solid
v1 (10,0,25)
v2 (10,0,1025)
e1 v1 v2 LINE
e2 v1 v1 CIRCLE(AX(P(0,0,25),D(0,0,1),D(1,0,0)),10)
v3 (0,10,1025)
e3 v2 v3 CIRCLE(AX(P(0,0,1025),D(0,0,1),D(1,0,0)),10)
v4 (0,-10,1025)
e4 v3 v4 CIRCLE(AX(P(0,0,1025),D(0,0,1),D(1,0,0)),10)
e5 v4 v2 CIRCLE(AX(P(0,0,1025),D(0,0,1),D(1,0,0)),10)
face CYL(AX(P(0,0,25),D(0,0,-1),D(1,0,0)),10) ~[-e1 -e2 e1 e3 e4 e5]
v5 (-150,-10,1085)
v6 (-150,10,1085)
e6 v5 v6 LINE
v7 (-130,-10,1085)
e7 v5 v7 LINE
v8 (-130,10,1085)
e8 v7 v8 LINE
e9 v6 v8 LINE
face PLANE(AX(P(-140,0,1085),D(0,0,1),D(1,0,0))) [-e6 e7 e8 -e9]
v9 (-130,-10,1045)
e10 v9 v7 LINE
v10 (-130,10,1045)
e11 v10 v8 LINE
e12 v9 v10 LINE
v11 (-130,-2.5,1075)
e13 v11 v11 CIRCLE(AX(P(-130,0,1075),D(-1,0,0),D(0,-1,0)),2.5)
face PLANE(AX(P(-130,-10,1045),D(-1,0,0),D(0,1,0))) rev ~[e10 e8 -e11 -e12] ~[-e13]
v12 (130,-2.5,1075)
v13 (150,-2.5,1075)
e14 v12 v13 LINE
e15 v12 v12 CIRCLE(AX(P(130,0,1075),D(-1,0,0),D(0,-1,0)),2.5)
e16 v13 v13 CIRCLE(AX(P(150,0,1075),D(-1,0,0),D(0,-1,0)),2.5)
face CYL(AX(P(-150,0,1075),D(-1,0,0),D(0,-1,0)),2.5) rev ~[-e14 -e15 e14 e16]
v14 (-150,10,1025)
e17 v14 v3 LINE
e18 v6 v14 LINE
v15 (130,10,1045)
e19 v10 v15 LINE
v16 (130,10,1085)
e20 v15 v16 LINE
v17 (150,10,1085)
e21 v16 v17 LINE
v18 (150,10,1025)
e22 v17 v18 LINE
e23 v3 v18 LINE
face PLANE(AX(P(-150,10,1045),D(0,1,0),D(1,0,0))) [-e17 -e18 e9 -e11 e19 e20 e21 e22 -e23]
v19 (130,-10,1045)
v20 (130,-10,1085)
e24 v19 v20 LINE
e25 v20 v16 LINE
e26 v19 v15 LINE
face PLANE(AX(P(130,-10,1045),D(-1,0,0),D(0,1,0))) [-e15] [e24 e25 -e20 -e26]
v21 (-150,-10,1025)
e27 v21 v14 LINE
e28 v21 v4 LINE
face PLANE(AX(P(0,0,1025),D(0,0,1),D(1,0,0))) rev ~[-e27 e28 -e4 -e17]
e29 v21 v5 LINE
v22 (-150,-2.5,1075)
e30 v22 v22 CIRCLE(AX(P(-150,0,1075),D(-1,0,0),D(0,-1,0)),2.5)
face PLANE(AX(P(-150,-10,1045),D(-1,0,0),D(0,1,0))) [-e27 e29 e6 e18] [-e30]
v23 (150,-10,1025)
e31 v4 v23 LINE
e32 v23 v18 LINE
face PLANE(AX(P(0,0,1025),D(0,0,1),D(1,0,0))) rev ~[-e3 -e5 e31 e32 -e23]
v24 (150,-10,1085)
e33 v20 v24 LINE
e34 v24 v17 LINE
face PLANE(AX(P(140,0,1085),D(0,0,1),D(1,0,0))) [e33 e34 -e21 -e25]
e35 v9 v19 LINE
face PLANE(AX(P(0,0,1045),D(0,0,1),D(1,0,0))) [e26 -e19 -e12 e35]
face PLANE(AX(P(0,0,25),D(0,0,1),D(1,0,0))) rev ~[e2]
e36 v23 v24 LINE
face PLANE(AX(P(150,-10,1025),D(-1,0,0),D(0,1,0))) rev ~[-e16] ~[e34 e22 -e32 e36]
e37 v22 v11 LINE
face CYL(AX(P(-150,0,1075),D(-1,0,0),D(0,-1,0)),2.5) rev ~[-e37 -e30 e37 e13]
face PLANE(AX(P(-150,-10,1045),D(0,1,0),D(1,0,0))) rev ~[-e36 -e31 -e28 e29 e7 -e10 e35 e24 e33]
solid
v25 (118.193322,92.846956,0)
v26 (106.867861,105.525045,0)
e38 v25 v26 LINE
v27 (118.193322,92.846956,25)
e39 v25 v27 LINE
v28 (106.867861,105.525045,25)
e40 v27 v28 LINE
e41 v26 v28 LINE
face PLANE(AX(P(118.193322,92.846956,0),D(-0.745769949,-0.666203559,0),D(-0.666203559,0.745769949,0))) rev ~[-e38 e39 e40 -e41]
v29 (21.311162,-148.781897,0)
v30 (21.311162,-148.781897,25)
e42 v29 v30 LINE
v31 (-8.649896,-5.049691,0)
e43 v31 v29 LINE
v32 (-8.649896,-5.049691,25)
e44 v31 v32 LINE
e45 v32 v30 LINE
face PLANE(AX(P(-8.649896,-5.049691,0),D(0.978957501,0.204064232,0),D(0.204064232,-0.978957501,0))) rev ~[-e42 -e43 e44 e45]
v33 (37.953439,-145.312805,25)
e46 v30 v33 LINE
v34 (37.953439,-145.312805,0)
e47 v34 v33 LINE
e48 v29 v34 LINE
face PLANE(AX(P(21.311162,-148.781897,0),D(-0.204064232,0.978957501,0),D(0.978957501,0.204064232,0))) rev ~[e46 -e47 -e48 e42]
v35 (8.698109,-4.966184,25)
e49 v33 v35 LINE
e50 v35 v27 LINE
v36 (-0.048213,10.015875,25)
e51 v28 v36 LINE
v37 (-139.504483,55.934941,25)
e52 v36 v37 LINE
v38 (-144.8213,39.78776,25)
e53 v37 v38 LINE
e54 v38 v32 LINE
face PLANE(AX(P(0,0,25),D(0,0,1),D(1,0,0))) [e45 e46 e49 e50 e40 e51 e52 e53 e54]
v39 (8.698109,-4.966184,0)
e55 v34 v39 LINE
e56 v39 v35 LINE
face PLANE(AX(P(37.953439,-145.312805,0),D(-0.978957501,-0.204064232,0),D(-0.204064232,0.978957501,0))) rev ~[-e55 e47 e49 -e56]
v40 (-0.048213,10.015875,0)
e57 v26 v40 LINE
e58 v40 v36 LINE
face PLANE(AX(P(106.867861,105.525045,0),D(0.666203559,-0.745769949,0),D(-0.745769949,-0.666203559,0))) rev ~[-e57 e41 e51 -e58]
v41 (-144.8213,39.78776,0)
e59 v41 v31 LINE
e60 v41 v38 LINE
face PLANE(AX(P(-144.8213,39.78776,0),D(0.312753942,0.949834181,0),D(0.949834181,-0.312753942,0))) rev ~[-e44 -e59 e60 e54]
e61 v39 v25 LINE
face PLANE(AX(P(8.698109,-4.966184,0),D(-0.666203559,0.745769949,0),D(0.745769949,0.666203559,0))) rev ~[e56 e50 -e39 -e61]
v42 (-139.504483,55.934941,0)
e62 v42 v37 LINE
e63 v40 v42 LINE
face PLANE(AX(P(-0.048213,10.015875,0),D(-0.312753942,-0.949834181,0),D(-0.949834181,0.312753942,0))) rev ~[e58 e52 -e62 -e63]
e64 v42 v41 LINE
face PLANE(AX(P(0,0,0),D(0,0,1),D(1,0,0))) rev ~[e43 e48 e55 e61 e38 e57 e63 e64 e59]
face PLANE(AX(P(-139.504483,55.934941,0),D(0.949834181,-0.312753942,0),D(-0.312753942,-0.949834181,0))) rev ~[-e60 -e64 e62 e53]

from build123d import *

# Parameters (mm, degrees)
F1_DEPTH = 25
F2_R     = 10
F3_DEPTH = 1000
F4_W     = 300
F4_H     = 20
F5_DEPTH = 20
F6_W     = 20
F6_H     = 20
F7_DEPTH = 40
F8_R     = 2.5
F9_DEPTH = 500


with BuildPart() as f1:
    # F0 (on Top) → F1 (new body)
    with BuildSketch(Plane.XY):
        Polygon((37.9534393111, -145.3128050793), (8.6981086691, -4.9661840892), (118.1933215466, 92.8469560027), (106.8678610383, 105.5250451441), (-0.0482127534, 10.0158751169), (-139.5044833357, 55.9349410156), (-144.8213003494, 39.7877599353), (-8.6498959157, -5.0496910277), (21.3111617891, -148.7818970183), align=None)
        with BuildLine():
            Line((-8.6269494076, -5.0572466738), (-8.6498959157, -5.0496910277))
            Line((-8.6498959157, -5.0496910277), (-8.6602540378, -5))
            ThreePointArc((-8.6602540378, -5), (-8.6436491157, -5.0286509089), (-8.6269494076, -5.0572466738))
        make_face(mode=Mode.SUBTRACT)
        with BuildLine():
            Line((-0.0662293889, 9.999780681), (-0.0482127534, 10.0158751169))
            Line((-0.0482127534, 10.0158751169), (0, 10))
            ThreePointArc((0, 10), (-0.033114876, 9.9999451701), (-0.0662293889, 9.999780681))
        make_face(mode=Mode.SUBTRACT)
        with BuildLine():
            Line((8.6981086691, -4.9661840892), (8.6602540378, -5))
            ThreePointArc((8.6602540378, -5), (8.6767639918, -4.9712942612), (8.6931787965, -4.9425340072))
            Line((8.6931787965, -4.9425340072), (8.6981086691, -4.9661840892))
        make_face(mode=Mode.SUBTRACT)
        with BuildLine():
            Line((0, 10), (-0.0482127534, 10.0158751169))
            Line((-0.0482127534, 10.0158751169), (-0.0662293889, 9.999780681))
            ThreePointArc((-0.0662293889, 9.999780681), (-0.033114876, 9.9999451701), (0, 10))
        make_face()
        with BuildLine():
            Line((-8.6602540378, -5), (-8.6498959157, -5.0496910277))
            Line((-8.6498959157, -5.0496910277), (-8.6269494076, -5.0572466738))
            ThreePointArc((-8.6269494076, -5.0572466738), (-8.6436491157, -5.0286509089), (-8.6602540378, -5))
        make_face()
        with BuildLine():
            ThreePointArc((8.6931787965, -4.9425340072), (8.6767639918, -4.9712942612), (8.6602540378, -5))
            Line((8.6602540378, -5), (8.6981086691, -4.9661840892))
            Line((8.6981086691, -4.9661840892), (8.6931787965, -4.9425340072))
        make_face()
    extrude(amount=F1_DEPTH)


with BuildPart() as f3:
    # F2 (on face) → F3 (new body)
    with BuildSketch(Plane.XY.offset(25)):
        Circle(F2_R)
    extrude(amount=F3_DEPTH)

    # F4 (on face) → F5 (join)
    with BuildSketch(Plane.XY.offset(1025)):
        Rectangle(F4_W, F4_H)
    extrude(amount=F5_DEPTH)

    # F6 (on face) → F7 (join)
    with BuildSketch(Plane.XY.offset(1045)):
        with Locations((-140, 0)):
            Rectangle(F6_W, F6_H)
        with Locations((140, 0)):
            Rectangle(F6_W, F6_H)
    extrude(amount=F7_DEPTH)

    # F8 (on face) → F9 (cut)
    with BuildSketch(Plane(origin=(-150, 0, 0), x_dir=(0, -1, 0), z_dir=(-1, 0, 0))):
        with Locations((0, 1075)):
            Circle(F8_R)
    extrude(amount=-F9_DEPTH, mode=Mode.SUBTRACT)


solid = Compound([f1.part, f3.part])
